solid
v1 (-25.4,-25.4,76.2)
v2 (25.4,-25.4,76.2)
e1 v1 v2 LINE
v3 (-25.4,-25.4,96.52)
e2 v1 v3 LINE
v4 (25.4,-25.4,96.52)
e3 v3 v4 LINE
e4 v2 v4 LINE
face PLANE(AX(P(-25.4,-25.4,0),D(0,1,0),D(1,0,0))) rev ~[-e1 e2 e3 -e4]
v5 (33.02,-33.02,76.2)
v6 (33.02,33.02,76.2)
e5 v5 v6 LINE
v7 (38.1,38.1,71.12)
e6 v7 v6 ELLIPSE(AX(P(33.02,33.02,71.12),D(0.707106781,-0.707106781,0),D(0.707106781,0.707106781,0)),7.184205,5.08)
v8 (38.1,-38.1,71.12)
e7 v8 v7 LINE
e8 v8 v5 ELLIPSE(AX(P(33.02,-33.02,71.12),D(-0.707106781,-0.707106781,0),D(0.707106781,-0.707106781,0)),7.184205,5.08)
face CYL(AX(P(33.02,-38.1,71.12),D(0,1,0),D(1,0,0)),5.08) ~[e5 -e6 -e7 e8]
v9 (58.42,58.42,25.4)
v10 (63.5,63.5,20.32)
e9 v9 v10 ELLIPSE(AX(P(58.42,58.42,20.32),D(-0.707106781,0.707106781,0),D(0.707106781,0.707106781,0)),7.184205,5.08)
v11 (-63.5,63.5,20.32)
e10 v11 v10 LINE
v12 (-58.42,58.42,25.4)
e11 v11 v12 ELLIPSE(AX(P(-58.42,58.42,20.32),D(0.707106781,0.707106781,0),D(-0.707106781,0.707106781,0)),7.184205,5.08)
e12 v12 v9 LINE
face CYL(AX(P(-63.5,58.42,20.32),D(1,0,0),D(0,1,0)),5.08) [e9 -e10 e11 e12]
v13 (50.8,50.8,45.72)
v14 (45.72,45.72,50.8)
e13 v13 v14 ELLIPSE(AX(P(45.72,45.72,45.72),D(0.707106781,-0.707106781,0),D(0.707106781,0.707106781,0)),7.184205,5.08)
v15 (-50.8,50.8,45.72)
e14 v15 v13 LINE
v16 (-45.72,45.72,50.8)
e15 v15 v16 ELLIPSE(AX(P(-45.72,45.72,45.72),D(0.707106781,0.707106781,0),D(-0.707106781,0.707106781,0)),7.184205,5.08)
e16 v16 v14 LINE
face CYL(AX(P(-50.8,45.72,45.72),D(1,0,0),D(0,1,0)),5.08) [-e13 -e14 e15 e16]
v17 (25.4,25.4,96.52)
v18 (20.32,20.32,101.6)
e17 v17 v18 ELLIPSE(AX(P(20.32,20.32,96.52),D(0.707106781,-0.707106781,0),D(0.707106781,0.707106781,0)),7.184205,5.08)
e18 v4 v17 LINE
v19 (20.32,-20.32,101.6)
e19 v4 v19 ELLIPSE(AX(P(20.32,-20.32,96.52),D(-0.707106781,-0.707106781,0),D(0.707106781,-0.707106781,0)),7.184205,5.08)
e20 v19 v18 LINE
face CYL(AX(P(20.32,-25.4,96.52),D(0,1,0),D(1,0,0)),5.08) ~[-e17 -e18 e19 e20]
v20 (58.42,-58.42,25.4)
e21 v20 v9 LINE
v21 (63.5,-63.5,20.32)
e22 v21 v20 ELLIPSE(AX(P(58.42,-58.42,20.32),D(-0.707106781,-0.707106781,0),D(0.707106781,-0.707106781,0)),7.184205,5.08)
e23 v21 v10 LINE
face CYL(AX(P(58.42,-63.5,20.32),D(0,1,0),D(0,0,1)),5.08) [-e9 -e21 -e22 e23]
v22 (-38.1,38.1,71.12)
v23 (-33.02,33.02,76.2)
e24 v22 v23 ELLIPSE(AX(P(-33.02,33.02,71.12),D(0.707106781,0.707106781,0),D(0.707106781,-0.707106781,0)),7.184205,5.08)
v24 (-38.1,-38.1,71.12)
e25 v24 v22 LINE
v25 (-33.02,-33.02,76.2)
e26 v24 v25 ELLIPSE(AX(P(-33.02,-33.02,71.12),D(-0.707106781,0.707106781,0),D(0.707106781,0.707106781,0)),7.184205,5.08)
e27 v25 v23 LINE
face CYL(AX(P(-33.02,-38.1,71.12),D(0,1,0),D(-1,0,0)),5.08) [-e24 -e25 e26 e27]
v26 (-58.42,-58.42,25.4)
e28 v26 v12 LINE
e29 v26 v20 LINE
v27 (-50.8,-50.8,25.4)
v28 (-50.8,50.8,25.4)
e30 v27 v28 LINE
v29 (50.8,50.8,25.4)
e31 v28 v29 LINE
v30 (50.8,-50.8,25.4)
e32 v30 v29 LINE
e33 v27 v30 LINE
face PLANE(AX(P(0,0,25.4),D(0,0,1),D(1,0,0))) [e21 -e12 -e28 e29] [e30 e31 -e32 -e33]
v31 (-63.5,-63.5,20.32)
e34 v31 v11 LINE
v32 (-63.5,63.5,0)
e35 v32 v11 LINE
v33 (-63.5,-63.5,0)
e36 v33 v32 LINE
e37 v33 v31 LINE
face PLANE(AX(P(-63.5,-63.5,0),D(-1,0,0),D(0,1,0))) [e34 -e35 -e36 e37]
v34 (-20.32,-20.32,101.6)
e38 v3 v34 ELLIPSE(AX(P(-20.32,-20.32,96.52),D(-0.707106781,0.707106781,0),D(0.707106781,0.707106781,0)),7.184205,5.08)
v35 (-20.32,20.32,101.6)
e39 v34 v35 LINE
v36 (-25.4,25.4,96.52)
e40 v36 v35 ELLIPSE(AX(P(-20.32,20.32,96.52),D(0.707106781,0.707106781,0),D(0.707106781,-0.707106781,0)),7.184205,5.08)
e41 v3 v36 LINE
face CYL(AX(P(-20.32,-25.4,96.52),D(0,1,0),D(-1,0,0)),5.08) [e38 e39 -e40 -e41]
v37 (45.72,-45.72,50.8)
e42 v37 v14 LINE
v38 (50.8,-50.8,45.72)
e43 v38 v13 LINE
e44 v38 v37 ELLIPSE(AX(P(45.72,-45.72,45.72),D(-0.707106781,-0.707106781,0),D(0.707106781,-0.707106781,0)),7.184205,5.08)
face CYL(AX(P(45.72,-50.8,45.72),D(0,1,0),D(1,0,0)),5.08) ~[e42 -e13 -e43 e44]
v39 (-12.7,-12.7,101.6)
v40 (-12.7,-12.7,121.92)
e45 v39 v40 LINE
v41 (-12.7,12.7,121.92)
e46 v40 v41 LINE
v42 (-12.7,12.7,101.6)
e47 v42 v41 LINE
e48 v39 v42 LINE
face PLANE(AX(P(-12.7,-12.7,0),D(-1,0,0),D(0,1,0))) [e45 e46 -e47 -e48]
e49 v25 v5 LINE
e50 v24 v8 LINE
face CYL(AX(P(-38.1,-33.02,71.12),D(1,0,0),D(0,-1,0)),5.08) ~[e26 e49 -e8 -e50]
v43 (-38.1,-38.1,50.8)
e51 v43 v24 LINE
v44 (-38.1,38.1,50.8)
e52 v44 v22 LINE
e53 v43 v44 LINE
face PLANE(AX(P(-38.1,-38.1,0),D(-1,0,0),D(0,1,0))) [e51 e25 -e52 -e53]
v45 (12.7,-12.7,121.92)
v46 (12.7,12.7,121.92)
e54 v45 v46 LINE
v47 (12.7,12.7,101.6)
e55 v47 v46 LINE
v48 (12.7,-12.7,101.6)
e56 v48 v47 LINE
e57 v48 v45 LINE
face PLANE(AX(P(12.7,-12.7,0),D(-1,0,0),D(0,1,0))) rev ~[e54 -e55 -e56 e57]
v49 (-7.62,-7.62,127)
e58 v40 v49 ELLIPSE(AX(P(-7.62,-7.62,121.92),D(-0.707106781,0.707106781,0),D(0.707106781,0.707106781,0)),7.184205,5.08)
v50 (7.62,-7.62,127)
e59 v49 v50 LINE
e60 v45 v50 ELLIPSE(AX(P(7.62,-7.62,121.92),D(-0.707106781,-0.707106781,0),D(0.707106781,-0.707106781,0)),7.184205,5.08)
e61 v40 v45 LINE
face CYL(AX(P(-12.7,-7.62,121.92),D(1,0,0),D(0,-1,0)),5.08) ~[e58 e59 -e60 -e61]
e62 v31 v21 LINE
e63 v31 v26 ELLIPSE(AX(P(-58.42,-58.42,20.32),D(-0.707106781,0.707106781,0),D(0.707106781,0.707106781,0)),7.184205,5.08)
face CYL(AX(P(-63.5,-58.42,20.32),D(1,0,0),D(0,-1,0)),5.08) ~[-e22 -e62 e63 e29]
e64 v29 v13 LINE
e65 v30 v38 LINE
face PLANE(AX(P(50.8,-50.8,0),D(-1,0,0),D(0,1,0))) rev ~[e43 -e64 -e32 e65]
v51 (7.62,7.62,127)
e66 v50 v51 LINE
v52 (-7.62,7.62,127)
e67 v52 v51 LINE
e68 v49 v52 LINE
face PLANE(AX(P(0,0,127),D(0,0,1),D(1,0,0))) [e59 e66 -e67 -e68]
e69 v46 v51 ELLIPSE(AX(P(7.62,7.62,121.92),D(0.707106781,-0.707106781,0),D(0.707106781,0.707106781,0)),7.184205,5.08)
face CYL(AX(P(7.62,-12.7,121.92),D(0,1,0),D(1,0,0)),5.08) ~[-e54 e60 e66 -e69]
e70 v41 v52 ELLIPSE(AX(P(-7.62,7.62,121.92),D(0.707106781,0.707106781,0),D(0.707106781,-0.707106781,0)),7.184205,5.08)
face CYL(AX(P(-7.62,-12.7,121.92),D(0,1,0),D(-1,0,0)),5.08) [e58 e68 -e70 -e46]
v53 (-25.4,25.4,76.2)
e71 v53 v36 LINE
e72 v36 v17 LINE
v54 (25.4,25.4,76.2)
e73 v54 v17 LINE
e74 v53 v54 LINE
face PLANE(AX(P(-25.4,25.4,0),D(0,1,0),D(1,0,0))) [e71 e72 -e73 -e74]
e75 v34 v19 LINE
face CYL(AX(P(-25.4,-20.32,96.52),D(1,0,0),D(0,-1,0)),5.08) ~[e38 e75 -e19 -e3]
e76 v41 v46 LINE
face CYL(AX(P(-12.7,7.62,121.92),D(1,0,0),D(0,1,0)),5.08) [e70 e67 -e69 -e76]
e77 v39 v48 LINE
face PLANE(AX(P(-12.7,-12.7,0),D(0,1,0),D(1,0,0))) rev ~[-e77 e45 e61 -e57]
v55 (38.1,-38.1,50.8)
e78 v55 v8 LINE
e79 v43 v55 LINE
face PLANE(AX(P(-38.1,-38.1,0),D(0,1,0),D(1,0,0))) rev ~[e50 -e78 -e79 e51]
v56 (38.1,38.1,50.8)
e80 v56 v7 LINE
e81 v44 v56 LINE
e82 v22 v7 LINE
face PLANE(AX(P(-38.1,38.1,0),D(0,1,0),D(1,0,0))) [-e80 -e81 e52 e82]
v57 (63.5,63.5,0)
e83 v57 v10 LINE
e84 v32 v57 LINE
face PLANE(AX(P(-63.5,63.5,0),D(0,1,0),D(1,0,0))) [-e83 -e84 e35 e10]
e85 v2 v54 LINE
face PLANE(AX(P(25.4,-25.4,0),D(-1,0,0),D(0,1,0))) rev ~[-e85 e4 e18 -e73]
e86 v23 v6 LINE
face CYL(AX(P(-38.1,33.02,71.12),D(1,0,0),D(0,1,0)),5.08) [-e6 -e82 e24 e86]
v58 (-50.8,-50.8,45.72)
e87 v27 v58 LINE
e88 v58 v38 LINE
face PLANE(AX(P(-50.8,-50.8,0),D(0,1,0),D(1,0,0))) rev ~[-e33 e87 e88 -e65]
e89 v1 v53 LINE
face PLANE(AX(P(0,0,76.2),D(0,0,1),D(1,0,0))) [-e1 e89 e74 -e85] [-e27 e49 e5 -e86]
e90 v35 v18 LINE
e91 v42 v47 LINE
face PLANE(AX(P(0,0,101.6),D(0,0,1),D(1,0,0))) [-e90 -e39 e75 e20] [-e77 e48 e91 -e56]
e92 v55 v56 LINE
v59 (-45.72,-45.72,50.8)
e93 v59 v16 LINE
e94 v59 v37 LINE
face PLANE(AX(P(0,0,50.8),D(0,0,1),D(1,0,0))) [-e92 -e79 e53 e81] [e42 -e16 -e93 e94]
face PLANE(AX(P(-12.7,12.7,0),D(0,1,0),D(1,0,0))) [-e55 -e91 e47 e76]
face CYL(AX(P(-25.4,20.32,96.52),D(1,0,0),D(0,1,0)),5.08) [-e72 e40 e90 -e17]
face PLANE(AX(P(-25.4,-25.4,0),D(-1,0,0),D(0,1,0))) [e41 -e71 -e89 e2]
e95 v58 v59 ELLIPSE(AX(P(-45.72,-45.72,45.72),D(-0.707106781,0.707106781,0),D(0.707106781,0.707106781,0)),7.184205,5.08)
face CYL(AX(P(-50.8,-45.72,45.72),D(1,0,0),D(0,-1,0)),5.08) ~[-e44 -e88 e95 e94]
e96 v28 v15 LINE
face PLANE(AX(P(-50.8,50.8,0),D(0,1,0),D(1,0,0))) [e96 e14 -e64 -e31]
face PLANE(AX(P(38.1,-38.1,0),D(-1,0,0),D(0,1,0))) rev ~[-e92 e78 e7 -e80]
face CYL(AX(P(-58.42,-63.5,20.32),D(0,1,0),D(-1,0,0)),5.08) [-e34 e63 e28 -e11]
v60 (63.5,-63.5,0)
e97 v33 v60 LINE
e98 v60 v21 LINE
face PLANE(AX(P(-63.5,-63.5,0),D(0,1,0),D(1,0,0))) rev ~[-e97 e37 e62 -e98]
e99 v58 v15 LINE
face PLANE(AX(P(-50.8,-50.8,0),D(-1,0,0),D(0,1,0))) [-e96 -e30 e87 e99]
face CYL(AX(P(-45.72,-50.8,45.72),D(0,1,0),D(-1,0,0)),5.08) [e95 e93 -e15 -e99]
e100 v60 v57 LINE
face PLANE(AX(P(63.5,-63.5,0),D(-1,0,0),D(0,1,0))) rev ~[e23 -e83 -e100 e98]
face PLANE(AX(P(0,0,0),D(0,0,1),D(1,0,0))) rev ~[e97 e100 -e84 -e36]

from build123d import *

# Parameters (mm, degrees)
F0_W     = 25.4
F0_H     = 25.4
F1_DEPTH = 127
F2_W     = 50.8
F2_H     = 50.8
F3_DEPTH = 101.6
F4_W     = 76.2
F4_H     = 76.2
F5_DEPTH = 76.2
F6_W     = 101.6
F6_H     = 101.6
F7_DEPTH = 50.8
F8_W     = 127
F8_H     = 127
F9_DEPTH = 25.4
F10_R    = 5.08


with BuildPart() as f1:
    # F0 (on Top) → F1 (new body)
    with BuildSketch(Plane.XY):
        Rectangle(F0_W, F0_H)
    extrude(amount=F1_DEPTH)

    # F2 (on Top) → F3 (join)
    with BuildSketch(Plane.XY):
        Rectangle(F2_W, F2_H)
    extrude(amount=F3_DEPTH)

    # F4 (on Top) → F5 (join)
    with BuildSketch(Plane.XY):
        Rectangle(F4_W, F4_H)
    extrude(amount=F5_DEPTH)

    # F6 (on Top) → F7 (join)
    with BuildSketch(Plane.XY):
        Rectangle(F6_W, F6_H)
    extrude(amount=F7_DEPTH)

    # F8 (on Top) → F9 (join)
    with BuildSketch(Plane.XY):
        Rectangle(F8_W, F8_H)
    extrude(amount=F9_DEPTH)

    # F10
    f10_edges = [f1.edges().sort_by_distance(p)[0] for p in [
        (0, -12.7, 127),
        (0, -25.4, 101.6),
        (0, -38.1, 76.2),
        (0, -50.8, 50.8),
        (0, -63.5, 25.4),
        (12.7, 0, 127),
        (0, 12.7, 127),
        (-12.7, 0, 127),
        (25.4, 0, 101.6),
        (0, 25.4, 101.6),
        (-25.4, 0, 101.6),
        (38.1, 0, 76.2),
        (0, 38.1, 76.2),
        (-38.1, 0, 76.2),
        (-50.8, 0, 50.8),
        (-63.5, 0, 25.4),
        (50.8, 0, 50.8),
        (63.5, 0, 25.4),
        (0, 50.8, 50.8),
        (0, 63.5, 25.4),
    ]]
    fillet(f10_edges, radius=F10_R)


solid = f1.part
